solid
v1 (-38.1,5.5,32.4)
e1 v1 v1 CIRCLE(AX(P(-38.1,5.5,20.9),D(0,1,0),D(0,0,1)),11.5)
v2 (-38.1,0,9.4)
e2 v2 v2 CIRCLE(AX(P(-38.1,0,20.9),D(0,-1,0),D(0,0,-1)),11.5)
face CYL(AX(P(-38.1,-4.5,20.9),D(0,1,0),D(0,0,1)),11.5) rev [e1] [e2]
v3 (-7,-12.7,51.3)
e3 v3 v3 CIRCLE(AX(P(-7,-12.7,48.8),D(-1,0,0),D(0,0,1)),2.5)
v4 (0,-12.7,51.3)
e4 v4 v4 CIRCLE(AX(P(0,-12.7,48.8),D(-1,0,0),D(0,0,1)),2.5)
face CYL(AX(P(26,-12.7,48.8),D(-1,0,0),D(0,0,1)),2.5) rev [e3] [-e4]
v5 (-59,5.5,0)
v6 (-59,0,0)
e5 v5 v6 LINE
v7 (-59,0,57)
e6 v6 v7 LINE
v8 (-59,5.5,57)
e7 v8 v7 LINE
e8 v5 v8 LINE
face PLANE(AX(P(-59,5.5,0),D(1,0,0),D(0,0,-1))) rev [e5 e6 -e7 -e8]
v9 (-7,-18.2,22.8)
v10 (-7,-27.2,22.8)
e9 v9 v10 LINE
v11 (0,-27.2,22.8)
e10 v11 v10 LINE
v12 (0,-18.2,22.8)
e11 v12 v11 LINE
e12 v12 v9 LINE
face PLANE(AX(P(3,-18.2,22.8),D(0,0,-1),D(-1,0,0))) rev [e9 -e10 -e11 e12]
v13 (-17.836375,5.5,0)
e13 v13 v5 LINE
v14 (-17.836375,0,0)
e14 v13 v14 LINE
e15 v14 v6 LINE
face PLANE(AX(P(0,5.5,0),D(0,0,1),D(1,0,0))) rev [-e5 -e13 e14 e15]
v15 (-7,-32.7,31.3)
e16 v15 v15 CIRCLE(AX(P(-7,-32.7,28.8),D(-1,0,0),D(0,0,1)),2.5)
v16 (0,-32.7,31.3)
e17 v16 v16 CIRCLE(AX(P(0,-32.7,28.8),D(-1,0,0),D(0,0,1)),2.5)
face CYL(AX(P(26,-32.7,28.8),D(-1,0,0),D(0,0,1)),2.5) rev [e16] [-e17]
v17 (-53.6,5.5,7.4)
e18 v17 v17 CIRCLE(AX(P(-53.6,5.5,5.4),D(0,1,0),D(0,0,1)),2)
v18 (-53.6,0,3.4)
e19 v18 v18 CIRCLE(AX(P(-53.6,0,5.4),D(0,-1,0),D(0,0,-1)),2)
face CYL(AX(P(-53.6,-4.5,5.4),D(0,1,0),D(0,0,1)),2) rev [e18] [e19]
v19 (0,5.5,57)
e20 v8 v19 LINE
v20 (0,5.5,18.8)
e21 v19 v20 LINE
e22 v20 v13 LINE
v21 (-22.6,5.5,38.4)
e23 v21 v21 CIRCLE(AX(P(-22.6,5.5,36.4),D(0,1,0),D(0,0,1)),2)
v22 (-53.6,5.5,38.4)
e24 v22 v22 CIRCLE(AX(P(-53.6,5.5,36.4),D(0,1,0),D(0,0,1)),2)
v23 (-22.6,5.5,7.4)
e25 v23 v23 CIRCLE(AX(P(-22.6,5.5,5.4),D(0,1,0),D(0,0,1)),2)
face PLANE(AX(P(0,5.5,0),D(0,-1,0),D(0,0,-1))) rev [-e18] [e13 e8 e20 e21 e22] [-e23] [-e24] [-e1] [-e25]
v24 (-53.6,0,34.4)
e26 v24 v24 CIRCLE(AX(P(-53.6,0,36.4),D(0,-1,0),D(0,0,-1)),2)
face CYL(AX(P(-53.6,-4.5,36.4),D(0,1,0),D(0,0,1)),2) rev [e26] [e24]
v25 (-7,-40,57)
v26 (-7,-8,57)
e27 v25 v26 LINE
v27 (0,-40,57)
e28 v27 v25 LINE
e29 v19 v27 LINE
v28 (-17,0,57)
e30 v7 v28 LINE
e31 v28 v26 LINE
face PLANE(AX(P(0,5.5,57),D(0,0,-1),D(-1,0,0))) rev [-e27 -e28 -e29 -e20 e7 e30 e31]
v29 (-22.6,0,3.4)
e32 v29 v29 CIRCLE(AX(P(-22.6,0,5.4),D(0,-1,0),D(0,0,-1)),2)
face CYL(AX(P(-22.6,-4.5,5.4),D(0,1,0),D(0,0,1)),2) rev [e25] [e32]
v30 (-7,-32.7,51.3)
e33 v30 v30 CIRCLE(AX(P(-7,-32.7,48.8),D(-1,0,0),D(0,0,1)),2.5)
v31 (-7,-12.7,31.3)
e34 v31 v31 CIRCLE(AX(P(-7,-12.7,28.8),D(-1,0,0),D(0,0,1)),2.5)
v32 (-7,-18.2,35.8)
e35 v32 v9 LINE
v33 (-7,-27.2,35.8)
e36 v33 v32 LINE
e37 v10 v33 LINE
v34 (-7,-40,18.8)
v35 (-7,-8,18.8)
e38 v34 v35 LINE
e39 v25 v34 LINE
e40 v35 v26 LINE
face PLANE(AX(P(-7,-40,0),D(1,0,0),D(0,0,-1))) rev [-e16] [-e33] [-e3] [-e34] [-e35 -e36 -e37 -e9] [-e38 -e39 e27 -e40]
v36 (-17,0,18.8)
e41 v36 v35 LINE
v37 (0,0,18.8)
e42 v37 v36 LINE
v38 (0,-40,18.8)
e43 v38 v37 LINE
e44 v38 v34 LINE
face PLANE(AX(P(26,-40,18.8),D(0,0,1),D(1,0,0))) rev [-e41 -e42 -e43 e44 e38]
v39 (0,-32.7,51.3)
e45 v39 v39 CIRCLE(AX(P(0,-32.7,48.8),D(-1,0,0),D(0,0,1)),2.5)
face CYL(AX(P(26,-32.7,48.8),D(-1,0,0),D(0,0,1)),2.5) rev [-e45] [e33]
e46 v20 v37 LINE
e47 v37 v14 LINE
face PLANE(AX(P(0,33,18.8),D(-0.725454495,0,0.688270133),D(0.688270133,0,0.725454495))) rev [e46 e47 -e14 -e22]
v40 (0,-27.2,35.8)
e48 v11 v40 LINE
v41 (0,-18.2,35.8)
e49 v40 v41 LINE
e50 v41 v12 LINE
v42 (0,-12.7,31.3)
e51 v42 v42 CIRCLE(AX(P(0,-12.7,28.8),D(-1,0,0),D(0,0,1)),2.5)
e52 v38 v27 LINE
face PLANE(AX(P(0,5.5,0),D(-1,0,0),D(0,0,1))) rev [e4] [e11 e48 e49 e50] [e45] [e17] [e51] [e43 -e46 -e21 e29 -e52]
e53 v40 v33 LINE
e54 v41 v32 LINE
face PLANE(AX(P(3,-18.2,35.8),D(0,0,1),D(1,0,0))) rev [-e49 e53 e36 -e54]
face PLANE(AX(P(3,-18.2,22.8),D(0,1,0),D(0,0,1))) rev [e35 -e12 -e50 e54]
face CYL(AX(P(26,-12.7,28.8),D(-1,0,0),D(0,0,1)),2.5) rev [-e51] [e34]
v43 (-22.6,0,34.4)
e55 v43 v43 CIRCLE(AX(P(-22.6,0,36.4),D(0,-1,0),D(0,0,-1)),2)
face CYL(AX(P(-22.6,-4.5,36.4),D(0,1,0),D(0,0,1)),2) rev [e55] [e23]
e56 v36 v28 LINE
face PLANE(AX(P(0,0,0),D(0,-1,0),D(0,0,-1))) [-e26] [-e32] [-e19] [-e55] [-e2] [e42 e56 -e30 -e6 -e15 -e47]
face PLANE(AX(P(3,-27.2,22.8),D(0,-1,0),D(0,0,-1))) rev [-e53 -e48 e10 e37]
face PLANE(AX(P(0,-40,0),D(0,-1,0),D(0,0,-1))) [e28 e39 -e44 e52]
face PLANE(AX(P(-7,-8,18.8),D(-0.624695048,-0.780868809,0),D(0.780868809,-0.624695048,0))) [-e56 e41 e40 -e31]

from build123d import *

# Parameters (mm, degrees)
SKETCH1_W           = 59
SKETCH1_H           = 57
BOSS_EXTRUDE1_DEPTH = 5.5
SKETCH2_R           = 2
CUT_EXTRUDE1_DEPTH  = 10
SKETCH4_W           = 7
SKETCH4_H           = 57
BOSS_EXTRUDE3_DEPTH = 40
SKETCH5_R           = 2.5
CUT_EXTRUDE2_DEPTH  = 33
SKETCH6_W           = 18.8
SKETCH6_H           = 40
CUT_EXTRUDE3_DEPTH  = 33
CUT_EXTRUDE4_DEPTH  = 33
BOSS_EXTRUDE6_DEPTH = 38.2
SKETCH10_W          = 13
SKETCH10_H          = 9
CUT_EXTRUDE8_DEPTH  = 10
SKETCH11_R          = 11.5
CUT_EXTRUDE9_DEPTH  = 10


with BuildPart() as part:
    # Sketch1 → Boss-Extrude1 (new body)
    with BuildSketch(Plane(origin=(0, 0, 0), x_dir=(1, 0, 0), z_dir=(0, 1, 0))):
        with Locations((-29.5, -28.5)):
            Rectangle(SKETCH1_W, SKETCH1_H)
    extrude(amount=BOSS_EXTRUDE1_DEPTH)

    # Sketch2 → Cut-Extrude1 (cut)
    with BuildSketch(Plane(origin=(0, 5.5, 0), x_dir=(1, 0, 0), z_dir=(0, 1, 0))):
        with Locations(Location((-53.6, -5.4, 0), (0, 0, 270))):
            Circle(SKETCH2_R)
        with Locations(Location((-22.6, -5.4, 0), (0, 0, 270))):
            Circle(SKETCH2_R)
        with Locations(Location((-53.6, -36.4, 0), (0, 0, 270))):
            Circle(SKETCH2_R)
        with Locations(Location((-22.6, -36.4, 0), (0, 0, 270))):
            Circle(SKETCH2_R)
    extrude(amount=-CUT_EXTRUDE1_DEPTH, mode=Mode.SUBTRACT)

    # Sketch4 → Boss-Extrude3 (add)
    with BuildSketch(Plane(origin=(0, 0, 0), x_dir=(-1, 0, 0), z_dir=(0, -1, 0))):
        with Locations((3.5, -28.5)):
            Rectangle(SKETCH4_W, SKETCH4_H)
    extrude(amount=BOSS_EXTRUDE3_DEPTH)

    # Sketch5 → Cut-Extrude2 (cut)
    with BuildSketch(Plane.ZY.offset(7)):
        with Locations((48.8, -32.7)):
            Circle(SKETCH5_R)
        with Locations((48.8, -12.7)):
            Circle(SKETCH5_R)
        with Locations((28.8, -32.7)):
            Circle(SKETCH5_R)
        with Locations((28.8, -12.7)):
            Circle(SKETCH5_R)
    extrude(amount=-CUT_EXTRUDE2_DEPTH, mode=Mode.SUBTRACT)

    # Sketch6 → Cut-Extrude3 (cut)
    with BuildSketch(Plane.ZY.offset(7)):
        with Locations((9.4, -20)):
            Rectangle(SKETCH6_W, SKETCH6_H)
    extrude(amount=-CUT_EXTRUDE3_DEPTH, mode=Mode.SUBTRACT)

    # Sketch7 → Cut-Extrude4 (cut)
    with BuildSketch(Plane(origin=(0, 0, 0), x_dir=(-1, 0, 0), z_dir=(0, -1, 0))):
        Polygon((0, 0), (0, -18.8), (17.836375114, 0), align=None)
    extrude(amount=-CUT_EXTRUDE4_DEPTH, mode=Mode.SUBTRACT)

    # Sketch8 → Boss-Extrude6 (add)
    with BuildSketch(Plane.XY.offset(57)):
        Polygon((-7, 0), (-7, -8), (-17, 0), align=None)
    extrude(amount=-BOSS_EXTRUDE6_DEPTH)

    # Sketch10 → Cut-Extrude8 (cut)
    with BuildSketch(Plane.ZY.offset(7)):
        with Locations((29.3, -22.7)):
            Rectangle(SKETCH10_W, SKETCH10_H)
    extrude(amount=-CUT_EXTRUDE8_DEPTH, mode=Mode.SUBTRACT)

    # Sketch11 → Cut-Extrude9 (cut)
    with BuildSketch(Plane(origin=(0, 5.5, 0), x_dir=(1, 0, 0), z_dir=(0, 1, 0))):
        with Locations(Location((-38.1, -20.9, 0), (0, 0, 270))):
            Circle(SKETCH11_R)
    extrude(amount=-CUT_EXTRUDE9_DEPTH, mode=Mode.SUBTRACT)


solid = part.part
